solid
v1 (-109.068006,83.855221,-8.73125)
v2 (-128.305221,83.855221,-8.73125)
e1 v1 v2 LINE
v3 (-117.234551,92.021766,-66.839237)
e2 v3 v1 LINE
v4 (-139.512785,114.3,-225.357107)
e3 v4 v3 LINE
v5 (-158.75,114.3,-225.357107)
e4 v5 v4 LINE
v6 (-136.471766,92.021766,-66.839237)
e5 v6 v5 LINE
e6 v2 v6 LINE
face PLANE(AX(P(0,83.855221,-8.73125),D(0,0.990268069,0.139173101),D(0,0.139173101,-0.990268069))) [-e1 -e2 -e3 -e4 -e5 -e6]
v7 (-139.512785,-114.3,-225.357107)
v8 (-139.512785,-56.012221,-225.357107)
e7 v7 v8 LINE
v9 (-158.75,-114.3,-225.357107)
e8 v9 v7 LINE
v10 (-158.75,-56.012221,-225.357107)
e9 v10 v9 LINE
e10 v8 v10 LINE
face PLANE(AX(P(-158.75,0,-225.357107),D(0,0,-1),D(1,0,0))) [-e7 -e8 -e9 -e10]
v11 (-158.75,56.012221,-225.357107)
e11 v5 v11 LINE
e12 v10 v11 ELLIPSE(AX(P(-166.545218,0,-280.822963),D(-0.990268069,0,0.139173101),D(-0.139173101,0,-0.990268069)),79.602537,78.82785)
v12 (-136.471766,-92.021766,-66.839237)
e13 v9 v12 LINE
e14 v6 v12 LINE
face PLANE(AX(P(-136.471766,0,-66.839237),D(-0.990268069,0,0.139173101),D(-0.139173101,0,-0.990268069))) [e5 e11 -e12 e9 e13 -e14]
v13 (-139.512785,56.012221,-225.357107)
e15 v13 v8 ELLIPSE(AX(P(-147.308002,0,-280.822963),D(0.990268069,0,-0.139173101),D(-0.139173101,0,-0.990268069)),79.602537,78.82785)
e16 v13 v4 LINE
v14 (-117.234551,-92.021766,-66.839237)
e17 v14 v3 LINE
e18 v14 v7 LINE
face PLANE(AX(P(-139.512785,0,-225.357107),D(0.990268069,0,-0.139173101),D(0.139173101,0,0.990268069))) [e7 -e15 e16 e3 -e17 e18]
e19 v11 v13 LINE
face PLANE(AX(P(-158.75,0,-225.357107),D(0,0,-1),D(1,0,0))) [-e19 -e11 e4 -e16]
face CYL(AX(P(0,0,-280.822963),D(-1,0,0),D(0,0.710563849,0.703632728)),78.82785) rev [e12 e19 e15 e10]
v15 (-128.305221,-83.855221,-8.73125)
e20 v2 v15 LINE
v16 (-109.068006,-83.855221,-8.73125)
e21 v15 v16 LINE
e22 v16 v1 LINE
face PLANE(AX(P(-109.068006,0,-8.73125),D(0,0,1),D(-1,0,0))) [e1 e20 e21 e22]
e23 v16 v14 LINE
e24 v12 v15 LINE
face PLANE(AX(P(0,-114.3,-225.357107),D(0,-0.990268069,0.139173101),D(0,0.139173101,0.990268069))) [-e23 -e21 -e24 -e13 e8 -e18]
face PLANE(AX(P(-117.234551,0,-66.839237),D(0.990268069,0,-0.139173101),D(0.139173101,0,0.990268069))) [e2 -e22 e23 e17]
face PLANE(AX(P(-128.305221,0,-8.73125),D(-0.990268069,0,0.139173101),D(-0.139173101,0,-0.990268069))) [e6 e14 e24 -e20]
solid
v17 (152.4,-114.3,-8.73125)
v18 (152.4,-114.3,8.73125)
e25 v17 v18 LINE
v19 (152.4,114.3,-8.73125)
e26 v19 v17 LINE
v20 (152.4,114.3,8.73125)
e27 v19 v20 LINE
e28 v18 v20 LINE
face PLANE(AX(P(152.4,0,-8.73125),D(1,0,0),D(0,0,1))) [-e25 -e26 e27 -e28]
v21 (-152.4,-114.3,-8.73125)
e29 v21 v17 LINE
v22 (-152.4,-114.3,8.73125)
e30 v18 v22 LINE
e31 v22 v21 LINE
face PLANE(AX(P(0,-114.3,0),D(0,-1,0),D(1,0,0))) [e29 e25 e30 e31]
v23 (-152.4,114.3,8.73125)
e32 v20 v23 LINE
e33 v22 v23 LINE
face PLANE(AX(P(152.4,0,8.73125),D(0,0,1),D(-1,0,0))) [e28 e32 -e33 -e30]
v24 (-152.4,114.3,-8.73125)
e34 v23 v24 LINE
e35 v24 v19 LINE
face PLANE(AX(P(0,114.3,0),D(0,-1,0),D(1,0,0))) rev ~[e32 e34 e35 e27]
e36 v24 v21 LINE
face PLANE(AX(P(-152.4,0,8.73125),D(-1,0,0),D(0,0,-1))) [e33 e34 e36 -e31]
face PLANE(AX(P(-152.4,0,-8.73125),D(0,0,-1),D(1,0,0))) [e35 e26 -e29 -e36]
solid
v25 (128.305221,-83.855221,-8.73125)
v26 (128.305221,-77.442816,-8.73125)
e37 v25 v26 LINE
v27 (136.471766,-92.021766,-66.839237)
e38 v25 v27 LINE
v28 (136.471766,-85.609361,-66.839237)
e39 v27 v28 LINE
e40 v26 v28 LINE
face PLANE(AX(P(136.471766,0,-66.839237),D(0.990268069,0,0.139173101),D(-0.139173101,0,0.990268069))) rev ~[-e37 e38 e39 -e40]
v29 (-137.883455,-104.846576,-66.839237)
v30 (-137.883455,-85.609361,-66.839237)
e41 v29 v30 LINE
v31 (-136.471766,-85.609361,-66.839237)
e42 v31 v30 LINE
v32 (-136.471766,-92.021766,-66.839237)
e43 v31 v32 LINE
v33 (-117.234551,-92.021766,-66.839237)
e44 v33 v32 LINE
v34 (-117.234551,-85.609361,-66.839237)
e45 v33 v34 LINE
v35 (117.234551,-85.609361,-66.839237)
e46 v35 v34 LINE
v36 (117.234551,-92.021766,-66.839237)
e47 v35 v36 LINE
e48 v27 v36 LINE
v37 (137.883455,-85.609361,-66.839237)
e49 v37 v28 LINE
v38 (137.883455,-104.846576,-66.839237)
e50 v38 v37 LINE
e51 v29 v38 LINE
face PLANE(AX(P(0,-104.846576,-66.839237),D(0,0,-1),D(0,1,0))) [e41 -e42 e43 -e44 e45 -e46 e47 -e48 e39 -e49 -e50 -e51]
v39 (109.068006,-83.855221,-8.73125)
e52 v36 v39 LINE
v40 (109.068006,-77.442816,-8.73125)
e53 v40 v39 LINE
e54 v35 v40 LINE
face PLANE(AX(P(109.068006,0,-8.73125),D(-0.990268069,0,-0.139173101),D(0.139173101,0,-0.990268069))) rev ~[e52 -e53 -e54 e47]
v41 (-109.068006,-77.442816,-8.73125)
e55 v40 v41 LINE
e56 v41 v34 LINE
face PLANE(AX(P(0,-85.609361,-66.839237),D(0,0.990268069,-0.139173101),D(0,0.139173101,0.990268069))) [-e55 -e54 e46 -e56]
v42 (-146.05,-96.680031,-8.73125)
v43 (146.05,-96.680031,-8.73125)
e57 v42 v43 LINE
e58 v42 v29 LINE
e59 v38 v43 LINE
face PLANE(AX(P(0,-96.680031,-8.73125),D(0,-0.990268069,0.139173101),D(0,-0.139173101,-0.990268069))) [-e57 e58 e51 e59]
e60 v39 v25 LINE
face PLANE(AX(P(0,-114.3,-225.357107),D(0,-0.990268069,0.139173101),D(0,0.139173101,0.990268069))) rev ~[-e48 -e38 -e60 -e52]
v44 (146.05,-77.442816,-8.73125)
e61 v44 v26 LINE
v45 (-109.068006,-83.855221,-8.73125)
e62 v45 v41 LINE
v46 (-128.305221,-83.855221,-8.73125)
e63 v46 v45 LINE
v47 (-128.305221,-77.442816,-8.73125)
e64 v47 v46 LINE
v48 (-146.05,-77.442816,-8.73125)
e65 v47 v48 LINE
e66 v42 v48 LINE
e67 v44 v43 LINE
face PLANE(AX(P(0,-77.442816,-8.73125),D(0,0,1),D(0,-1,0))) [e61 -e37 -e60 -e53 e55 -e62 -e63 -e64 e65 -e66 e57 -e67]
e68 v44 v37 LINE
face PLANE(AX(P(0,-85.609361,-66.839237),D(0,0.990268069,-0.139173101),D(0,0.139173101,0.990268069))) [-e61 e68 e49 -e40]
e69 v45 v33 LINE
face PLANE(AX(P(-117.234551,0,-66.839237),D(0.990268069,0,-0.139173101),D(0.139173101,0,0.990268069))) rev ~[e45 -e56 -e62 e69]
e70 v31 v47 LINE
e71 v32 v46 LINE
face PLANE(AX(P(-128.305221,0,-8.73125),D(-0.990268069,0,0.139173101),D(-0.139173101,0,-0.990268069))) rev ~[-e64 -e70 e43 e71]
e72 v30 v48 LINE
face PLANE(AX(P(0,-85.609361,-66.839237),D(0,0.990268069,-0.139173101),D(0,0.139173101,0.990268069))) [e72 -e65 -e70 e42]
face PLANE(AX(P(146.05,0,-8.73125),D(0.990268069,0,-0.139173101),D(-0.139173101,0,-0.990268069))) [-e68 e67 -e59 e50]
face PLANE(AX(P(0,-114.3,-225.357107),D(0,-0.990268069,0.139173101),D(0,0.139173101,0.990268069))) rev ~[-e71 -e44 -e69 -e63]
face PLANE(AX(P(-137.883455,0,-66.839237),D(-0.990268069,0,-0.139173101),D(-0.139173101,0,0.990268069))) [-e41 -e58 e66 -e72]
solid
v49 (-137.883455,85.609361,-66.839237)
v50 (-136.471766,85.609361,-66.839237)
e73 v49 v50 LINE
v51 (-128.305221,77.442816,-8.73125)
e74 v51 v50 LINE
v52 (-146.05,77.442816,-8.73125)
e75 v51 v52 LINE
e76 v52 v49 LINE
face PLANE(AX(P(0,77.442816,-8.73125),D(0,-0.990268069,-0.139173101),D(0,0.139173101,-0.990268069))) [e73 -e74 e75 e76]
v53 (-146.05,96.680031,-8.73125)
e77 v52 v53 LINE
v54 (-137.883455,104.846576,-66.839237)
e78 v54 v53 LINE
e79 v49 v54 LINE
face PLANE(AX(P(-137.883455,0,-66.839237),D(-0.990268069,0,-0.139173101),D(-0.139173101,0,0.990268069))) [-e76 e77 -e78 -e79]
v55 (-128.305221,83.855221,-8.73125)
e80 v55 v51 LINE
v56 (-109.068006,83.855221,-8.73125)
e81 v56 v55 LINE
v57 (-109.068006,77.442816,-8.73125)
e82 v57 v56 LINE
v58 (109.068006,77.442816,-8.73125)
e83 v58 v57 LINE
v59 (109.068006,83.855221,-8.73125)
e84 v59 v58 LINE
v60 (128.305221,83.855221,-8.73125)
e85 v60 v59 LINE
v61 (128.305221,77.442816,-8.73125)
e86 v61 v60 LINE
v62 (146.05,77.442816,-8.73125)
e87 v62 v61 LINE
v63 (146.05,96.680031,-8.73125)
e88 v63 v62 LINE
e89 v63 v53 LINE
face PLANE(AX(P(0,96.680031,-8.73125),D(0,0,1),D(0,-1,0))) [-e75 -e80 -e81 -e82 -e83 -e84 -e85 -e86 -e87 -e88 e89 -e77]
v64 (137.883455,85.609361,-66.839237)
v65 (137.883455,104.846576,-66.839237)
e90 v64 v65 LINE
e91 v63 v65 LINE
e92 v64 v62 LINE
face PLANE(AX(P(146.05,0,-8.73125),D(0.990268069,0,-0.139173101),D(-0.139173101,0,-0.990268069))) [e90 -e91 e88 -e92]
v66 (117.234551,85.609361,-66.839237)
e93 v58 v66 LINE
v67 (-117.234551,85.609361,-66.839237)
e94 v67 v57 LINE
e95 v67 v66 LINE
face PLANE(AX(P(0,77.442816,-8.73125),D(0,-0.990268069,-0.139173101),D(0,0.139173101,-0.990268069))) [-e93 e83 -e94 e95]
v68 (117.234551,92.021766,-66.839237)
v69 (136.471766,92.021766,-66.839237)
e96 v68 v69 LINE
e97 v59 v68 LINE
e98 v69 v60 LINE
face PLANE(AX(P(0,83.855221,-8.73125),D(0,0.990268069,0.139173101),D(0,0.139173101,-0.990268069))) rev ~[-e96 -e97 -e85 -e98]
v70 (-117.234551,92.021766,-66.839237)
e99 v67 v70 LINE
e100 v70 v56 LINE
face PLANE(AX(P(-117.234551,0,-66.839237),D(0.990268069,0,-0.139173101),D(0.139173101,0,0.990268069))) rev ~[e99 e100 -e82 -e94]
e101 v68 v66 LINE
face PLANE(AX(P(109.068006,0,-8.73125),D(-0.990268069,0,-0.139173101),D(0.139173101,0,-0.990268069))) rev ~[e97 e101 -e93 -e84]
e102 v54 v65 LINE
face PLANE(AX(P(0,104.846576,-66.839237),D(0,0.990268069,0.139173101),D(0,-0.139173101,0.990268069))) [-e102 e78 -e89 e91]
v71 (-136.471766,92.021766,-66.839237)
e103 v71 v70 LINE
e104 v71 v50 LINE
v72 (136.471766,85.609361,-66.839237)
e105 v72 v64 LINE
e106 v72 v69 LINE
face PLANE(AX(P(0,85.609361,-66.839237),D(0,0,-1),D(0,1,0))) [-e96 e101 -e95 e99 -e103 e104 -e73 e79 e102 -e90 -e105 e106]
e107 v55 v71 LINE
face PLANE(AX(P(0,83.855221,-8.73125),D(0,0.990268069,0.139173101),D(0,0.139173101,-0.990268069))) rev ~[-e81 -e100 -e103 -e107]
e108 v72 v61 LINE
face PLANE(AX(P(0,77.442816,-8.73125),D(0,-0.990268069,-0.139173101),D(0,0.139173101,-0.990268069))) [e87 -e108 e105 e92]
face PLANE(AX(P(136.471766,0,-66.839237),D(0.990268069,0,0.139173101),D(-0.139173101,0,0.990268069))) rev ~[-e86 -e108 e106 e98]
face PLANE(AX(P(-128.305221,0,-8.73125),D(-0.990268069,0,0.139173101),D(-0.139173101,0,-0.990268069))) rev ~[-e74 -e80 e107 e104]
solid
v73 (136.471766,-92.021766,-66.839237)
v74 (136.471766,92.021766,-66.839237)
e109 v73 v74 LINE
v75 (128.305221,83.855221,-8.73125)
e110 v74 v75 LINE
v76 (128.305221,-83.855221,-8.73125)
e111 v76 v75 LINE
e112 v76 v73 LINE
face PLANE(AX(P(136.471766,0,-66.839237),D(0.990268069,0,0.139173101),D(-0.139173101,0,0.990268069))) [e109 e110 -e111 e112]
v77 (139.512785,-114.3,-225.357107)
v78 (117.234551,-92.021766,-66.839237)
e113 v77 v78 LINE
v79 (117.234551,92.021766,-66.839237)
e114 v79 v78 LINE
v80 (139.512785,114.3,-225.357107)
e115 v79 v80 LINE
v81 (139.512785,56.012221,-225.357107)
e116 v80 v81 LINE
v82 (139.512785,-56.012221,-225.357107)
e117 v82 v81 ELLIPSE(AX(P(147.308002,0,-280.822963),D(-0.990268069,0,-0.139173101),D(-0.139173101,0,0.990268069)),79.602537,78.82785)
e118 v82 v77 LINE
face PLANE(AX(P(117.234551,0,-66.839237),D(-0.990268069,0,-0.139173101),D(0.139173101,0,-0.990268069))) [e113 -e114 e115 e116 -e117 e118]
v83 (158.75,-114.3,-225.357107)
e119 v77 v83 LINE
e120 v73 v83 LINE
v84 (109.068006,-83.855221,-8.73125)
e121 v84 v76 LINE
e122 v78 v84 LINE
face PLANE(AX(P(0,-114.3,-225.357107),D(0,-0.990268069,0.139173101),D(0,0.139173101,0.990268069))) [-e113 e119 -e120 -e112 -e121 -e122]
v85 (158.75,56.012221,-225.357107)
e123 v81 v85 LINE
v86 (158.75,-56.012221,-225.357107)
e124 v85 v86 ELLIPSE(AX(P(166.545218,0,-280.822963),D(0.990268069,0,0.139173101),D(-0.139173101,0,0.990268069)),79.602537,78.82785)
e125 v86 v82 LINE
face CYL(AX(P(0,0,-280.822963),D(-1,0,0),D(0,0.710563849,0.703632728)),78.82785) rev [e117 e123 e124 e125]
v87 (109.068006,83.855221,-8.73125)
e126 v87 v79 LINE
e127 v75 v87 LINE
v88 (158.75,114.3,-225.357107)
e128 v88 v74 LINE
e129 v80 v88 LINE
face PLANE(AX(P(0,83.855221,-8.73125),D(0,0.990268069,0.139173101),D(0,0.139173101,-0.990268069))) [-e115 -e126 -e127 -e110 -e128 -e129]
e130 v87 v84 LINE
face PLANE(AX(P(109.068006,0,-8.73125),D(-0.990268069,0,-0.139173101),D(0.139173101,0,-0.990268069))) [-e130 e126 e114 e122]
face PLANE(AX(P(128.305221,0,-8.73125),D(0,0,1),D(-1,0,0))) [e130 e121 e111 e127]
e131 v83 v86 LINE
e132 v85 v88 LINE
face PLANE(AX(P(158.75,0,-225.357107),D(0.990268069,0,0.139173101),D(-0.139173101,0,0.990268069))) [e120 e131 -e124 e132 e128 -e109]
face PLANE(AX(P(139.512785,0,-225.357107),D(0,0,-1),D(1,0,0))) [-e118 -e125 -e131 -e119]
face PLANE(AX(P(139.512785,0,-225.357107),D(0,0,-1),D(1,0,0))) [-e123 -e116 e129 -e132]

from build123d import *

# Parameters (mm, degrees)
F1_DEPTH      = 114.3
F2_DEPTH      = 114.3
F2_DEPTH_BACK = 114.3
F4_DEPTH      = 158.751
F4_DEPTH_BACK = 158.751
F6_DEPTH      = 152.4
F6_DEPTH_BACK = 152.4
F7_DEPTH      = 114.301
F7_DEPTH_BACK = 114.301


with BuildPart() as f1:
    # F0 (on Front) → F1 (new body, symmetric)
    with BuildSketch(Plane.XZ):
        Polygon((-152.4, 8.73125), (-152.4, -8.73125), (-146.05, -8.73125), (-128.3052212236, -8.73125), (-109.0680059671, -8.73125), (109.0680059671, -8.73125), (128.3052212236, -8.73125), (146.05, -8.73125), (152.4, -8.73125), (152.4, 8.73125), align=None)
    extrude(amount=F1_DEPTH, both=True)


with BuildPart() as f2:
    # F0 (on Front) → F2 (new body, two sides)
    with BuildSketch(Plane.XZ) as f2_sk:
        Polygon((-109.0680059671, -8.73125), (-128.3052212236, -8.73125), (-136.4717662259, -66.8392370463), (-117.2345509694, -66.8392370463), align=None)
        Polygon((-117.2345509694, -66.8392370463), (-136.4717662259, -66.8392370463), (-158.75, -225.3571071106), (-139.5127847435, -225.3571071106), align=None)
    extrude(amount=F2_DEPTH)
    extrude(f2_sk.sketch, amount=-F2_DEPTH_BACK)


with BuildPart() as f2b:
    # F0 (on Front) → F2, piece 2 (new body, two sides)
    with BuildSketch(Plane.XZ) as f2_2_sk:
        Polygon((128.3052212236, -8.73125), (109.0680059671, -8.73125), (117.2345509694, -66.8392370463), (136.4717662259, -66.8392370463), align=None)
        Polygon((136.4717662259, -66.8392370463), (117.2345509694, -66.8392370463), (139.5127847435, -225.3571071106), (158.75, -225.3571071106), align=None)
    extrude(amount=F2_DEPTH)
    extrude(f2_2_sk.sketch, amount=-F2_DEPTH_BACK)


with BuildPart() as f4_tool:
    # F3 (on Right) → F4 (new body, two sides)
    with BuildSketch(Plane.YZ) as f4_sk:
        Polygon((-114.3, -225.3571071106), (-83.8552212236, -8.73125), (-114.3000000004, -8.73125), align=None)
        with BuildLine():
            Line((-56.0122208133, -225.3571071106), (56.0122208133, -225.3571071106))
            ThreePointArc((56.0122208133, -225.3571071106), (0, -201.9951121331), (-56.0122208133, -225.3571071106))
        make_face()
        Polygon((114.3, -225.3571071106), (114.3, -8.73125), (83.8552212236, -8.73125), align=None)
    extrude(amount=-F4_DEPTH)
    extrude(f4_sk.sketch, amount=F4_DEPTH_BACK)


with BuildPart() as f2_1:
    add(f2.part)

    # F4: cut by f4_tool
    add(f4_tool.part, mode=Mode.SUBTRACT)


with BuildPart() as f2b_1:
    add(f2b.part)

    # F4: cut by f4_tool
    add(f4_tool.part, mode=Mode.SUBTRACT)


with BuildPart() as f6:
    # F5 (on Right) → F6 (new body, two sides)
    with BuildSketch(Plane.YZ) as f6_sk:
        Polygon((-77.4428161381, -8.73125), (-83.8552212236, -8.73125), (-92.021766226, -66.8392370463), (-85.6093611405, -66.8392370463), align=None)
        Polygon((-92.021766226, -66.8392370463), (-83.8552212236, -8.73125), (-96.6800313946, -8.73125), (-104.846576397, -66.8392370463), align=None)
    extrude(amount=F6_DEPTH)
    extrude(f6_sk.sketch, amount=-F6_DEPTH_BACK)


with BuildPart() as f6b:
    # F5 (on Right) → F6, piece 2 (new body, two sides)
    with BuildSketch(Plane.YZ) as f6_2_sk:
        Polygon((83.8552212236, -8.73125), (77.4428161381, -8.73125), (85.6093611405, -66.8392370463), (92.0217662259, -66.8392370463), align=None)
        Polygon((96.6800313946, -8.73125), (83.8552212236, -8.73125), (92.0217662259, -66.8392370463), (104.846576397, -66.8392370463), align=None)
    extrude(amount=F6_DEPTH)
    extrude(f6_2_sk.sketch, amount=-F6_DEPTH_BACK)


with BuildPart() as f7_tool:
    # F0 (on Front) → F7 (new body, two sides)
    with BuildSketch(Plane.XZ) as f7_sk:
        Polygon((-146.05, -8.73125), (-152.4, -8.73125), (-152.4, -66.8392370463), (-137.8834549976, -66.8392370463), align=None)
        Polygon((152.4, -66.8392370463), (152.4, -8.73125), (146.05, -8.73125), (137.8834549976, -66.8392370463), align=None)
    extrude(amount=-F7_DEPTH)
    extrude(f7_sk.sketch, amount=F7_DEPTH_BACK)


with BuildPart() as f6_1:
    add(f6.part)

    # F7: cut by f7_tool
    add(f7_tool.part, mode=Mode.SUBTRACT)

    # F10: cut F2
    add(f2_1.part, mode=Mode.SUBTRACT)

    # F11: cut F2b
    add(f2b_1.part, mode=Mode.SUBTRACT)


with BuildPart() as f6b_1:
    add(f6b.part)

    # F7: cut by f7_tool
    add(f7_tool.part, mode=Mode.SUBTRACT)

    # F8: cut F2
    add(f2_1.part, mode=Mode.SUBTRACT)

    # F9: cut F2b
    add(f2b_1.part, mode=Mode.SUBTRACT)


solid = Compound([f1.part, f2_1.part, f2b_1.part, f6_1.part, f6b_1.part])
